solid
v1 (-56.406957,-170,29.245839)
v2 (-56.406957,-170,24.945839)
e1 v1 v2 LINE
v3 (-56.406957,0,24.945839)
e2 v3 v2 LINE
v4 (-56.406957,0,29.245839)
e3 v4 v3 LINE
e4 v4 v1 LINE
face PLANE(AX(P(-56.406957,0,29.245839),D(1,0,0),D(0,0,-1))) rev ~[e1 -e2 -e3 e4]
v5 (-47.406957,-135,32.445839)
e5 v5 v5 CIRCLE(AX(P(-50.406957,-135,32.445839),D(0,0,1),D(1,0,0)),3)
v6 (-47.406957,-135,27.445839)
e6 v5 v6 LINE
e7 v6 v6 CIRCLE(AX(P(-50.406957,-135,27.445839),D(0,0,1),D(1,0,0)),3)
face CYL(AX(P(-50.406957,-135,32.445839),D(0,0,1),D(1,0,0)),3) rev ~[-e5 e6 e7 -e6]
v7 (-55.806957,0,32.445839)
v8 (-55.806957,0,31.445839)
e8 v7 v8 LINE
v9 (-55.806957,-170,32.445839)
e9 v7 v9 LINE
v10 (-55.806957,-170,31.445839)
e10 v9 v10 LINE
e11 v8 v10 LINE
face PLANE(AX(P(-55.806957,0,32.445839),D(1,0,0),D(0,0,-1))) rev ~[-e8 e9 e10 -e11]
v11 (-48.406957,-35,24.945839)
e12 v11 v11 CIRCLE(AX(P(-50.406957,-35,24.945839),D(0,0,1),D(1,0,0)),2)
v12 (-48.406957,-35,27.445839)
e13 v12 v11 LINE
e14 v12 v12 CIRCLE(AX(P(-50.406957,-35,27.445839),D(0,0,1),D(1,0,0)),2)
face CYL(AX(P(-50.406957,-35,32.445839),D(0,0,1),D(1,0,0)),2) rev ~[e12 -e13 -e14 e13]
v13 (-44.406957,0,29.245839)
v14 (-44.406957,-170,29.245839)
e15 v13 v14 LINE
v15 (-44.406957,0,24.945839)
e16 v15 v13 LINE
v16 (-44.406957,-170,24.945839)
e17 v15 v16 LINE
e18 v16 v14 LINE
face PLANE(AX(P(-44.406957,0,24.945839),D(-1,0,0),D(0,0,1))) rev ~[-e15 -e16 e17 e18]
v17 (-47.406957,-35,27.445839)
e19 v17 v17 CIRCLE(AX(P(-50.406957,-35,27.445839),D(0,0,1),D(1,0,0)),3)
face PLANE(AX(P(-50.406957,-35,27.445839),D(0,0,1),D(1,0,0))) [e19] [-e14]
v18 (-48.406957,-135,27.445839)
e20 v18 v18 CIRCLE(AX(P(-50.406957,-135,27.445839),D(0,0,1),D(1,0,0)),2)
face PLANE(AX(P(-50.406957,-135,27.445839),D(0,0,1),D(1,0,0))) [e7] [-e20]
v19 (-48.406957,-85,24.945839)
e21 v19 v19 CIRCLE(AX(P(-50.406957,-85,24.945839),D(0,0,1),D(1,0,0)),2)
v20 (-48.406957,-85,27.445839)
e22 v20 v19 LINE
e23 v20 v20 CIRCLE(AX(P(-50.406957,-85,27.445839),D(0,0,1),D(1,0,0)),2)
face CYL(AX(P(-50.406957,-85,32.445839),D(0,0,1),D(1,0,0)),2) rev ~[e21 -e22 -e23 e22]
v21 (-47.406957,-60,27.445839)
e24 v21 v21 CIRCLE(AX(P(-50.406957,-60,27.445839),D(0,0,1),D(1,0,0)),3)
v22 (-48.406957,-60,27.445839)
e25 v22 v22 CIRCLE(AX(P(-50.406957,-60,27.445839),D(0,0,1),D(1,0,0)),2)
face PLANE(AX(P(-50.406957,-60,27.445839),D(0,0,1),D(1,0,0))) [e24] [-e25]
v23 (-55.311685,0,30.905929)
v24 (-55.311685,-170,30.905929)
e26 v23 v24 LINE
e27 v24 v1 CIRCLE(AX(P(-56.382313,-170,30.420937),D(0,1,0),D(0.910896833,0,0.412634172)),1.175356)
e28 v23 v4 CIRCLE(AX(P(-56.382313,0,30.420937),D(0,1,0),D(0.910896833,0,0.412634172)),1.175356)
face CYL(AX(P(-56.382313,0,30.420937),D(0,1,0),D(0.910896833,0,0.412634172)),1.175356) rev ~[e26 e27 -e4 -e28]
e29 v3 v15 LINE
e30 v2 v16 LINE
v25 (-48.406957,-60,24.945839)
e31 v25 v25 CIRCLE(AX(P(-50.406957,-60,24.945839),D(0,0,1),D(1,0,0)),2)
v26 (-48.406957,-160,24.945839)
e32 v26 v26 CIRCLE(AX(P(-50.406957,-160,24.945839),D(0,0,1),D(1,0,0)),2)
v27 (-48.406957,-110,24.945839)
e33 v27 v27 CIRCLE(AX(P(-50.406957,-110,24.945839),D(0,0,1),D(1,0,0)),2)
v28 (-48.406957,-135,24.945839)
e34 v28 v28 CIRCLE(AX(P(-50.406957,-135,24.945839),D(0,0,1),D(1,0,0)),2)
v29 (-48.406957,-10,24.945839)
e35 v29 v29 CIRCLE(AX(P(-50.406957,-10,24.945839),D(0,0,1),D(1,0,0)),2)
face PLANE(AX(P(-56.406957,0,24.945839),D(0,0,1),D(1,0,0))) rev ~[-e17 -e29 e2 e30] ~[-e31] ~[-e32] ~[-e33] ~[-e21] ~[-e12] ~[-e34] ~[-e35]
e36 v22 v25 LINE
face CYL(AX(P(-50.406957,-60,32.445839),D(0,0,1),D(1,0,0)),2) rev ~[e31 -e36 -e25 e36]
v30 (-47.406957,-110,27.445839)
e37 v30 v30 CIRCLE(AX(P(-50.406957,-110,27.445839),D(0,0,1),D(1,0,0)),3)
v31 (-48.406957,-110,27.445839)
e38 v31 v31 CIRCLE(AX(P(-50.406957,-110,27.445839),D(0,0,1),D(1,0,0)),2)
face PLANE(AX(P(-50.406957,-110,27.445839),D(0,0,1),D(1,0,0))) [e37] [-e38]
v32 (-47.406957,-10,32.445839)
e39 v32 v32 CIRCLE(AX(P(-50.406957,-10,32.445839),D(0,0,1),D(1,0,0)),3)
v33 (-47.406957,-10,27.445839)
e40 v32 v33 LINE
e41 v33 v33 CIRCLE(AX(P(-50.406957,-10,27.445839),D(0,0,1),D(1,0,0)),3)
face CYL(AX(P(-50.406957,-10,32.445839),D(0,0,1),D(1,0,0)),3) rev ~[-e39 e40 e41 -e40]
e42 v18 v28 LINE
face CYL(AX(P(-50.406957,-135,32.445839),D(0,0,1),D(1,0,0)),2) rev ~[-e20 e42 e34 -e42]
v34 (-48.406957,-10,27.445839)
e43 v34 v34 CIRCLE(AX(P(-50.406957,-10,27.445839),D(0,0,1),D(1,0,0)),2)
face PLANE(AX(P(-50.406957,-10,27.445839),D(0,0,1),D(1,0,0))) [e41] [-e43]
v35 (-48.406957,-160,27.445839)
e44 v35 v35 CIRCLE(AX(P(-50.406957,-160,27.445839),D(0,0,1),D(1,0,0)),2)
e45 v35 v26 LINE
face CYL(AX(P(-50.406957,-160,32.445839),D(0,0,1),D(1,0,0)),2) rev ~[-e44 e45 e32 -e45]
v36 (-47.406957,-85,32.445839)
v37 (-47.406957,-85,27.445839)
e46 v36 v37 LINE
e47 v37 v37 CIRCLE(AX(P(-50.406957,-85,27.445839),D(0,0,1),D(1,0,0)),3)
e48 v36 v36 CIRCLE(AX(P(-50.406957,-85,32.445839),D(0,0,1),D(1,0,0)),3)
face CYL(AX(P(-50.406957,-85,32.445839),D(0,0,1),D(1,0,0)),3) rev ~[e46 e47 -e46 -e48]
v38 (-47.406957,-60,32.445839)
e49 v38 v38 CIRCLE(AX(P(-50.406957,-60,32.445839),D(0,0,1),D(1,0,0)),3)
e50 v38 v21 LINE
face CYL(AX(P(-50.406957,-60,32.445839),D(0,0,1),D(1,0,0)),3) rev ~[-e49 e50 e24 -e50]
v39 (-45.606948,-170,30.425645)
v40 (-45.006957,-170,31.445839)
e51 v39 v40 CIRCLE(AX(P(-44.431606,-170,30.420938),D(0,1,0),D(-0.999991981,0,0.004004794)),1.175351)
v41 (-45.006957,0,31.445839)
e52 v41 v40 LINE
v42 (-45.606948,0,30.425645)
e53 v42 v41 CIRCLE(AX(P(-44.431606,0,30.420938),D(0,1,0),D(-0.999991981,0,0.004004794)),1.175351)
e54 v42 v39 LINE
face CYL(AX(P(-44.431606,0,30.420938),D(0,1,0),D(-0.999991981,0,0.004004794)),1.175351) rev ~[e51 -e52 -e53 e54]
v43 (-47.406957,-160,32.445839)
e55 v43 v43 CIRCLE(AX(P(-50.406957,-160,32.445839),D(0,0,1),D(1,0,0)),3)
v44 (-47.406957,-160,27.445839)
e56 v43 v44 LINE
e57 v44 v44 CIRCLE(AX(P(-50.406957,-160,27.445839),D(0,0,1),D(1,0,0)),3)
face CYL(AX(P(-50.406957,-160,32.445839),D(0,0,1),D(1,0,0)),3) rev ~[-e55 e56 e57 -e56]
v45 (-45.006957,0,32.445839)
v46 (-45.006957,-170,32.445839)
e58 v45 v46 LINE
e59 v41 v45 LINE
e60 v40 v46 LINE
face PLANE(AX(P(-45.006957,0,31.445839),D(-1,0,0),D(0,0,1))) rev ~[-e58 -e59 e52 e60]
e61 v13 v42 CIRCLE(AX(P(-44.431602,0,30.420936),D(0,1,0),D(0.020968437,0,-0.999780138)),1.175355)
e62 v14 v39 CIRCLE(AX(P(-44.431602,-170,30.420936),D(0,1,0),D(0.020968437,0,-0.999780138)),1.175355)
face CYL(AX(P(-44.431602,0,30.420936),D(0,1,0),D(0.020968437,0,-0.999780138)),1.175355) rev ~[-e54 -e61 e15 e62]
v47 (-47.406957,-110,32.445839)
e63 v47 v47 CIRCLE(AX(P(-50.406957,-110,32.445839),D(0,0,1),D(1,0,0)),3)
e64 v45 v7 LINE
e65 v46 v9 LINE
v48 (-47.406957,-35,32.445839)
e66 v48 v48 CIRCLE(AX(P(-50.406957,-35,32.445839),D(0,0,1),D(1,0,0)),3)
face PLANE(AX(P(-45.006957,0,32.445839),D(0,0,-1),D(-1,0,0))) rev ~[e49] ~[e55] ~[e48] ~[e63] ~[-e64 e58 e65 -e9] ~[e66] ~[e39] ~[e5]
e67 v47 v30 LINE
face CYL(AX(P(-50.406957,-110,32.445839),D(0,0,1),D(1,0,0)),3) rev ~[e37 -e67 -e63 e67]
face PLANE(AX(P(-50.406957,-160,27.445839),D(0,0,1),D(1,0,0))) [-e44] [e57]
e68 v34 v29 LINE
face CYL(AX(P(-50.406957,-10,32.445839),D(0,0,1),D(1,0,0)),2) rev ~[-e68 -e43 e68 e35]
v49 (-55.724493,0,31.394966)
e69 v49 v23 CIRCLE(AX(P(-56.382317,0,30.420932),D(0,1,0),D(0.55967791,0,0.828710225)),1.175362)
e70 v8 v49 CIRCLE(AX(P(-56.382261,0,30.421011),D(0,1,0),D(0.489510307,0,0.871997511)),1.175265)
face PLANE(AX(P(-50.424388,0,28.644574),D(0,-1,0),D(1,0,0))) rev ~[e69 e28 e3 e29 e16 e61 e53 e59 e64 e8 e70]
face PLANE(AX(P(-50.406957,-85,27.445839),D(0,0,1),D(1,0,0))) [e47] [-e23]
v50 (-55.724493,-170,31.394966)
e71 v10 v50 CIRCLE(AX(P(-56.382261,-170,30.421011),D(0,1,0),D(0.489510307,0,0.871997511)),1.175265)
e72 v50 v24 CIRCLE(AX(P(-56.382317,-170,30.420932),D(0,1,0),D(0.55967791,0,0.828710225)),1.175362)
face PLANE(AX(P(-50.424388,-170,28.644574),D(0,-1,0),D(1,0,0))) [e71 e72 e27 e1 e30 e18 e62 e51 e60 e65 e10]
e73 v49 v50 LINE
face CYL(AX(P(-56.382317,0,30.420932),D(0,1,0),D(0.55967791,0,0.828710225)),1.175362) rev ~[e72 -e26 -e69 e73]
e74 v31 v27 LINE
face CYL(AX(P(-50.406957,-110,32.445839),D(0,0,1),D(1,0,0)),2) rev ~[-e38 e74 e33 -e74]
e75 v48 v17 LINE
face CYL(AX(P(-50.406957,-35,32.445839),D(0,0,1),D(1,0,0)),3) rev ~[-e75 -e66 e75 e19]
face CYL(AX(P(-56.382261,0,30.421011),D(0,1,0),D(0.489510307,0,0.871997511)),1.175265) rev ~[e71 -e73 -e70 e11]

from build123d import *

# Parameters (mm, degrees)
F1_DEPTH = 170
F2_R     = 3
F2_R_2   = 2
F3_DEPTH = 5
F4_DEPTH = 7.501


with BuildPart() as f1:
    # F0 (on Front) → F1 (new body)
    with BuildSketch(Plane.XZ):
        with BuildLine():
            Line((-45.006957, 32.445839), (-55.806957, 32.445839))
            Line((-55.806957, 32.445839), (-55.806957, 31.445839))
            ThreePointArc((-55.806957, 31.445839), (-55.765201, 31.421253), (-55.724493, 31.394966))
            Line((-55.724493, 31.394966), (-55.206957, 31.075689))
            Line((-55.206957, 31.075689), (-55.311685, 30.905929))
            ThreePointArc((-55.311685, 30.905929), (-55.401245, 29.77366), (-56.406957, 29.245839))
            Line((-56.406957, 29.245839), (-56.406957, 24.945839))
            Line((-56.406957, 24.945839), (-44.406957, 24.945839))
            Line((-44.406957, 24.945839), (-44.406957, 29.245839))
            ThreePointArc((-44.406957, 29.245839), (-45.255625, 29.582815), (-45.606948, 30.425645))
            ThreePointArc((-45.606948, 30.425645), (-45.444735, 31.016774), (-45.006957, 31.445839))
            Line((-45.006957, 31.445839), (-45.006957, 32.445839))
        make_face()
        with BuildLine():
            ThreePointArc((-55.724493, 31.394966), (-55.484164, 31.179085), (-55.311685, 30.905929))
            Line((-55.311685, 30.905929), (-55.206957, 31.075689))
            Line((-55.206957, 31.075689), (-55.724493, 31.394966))
        make_face()
    extrude(amount=F1_DEPTH)

    # F2 (on face) → F3 (cut)
    with BuildSketch(Plane.XY.offset(32.445839)):
        with Locations((-50.406957, -160)):
            Circle(F2_R)
        with Locations((-50.406957, -160)):
            Circle(F2_R_2, mode=Mode.SUBTRACT)
        with Locations((-50.406957, -135)):
            Circle(F2_R)
        with Locations((-50.406957, -135)):
            Circle(F2_R_2, mode=Mode.SUBTRACT)
        with Locations((-50.406957, -110)):
            Circle(F2_R)
        with Locations((-50.406957, -110)):
            Circle(F2_R_2, mode=Mode.SUBTRACT)
        with Locations((-50.406957, -85)):
            Circle(F2_R)
        with Locations((-50.406957, -85)):
            Circle(F2_R_2, mode=Mode.SUBTRACT)
        with Locations((-50.406957, -60)):
            Circle(F2_R)
        with Locations((-50.406957, -60)):
            Circle(F2_R_2, mode=Mode.SUBTRACT)
        with Locations((-50.406957, -35)):
            Circle(F2_R)
        with Locations((-50.406957, -35)):
            Circle(F2_R_2, mode=Mode.SUBTRACT)
        with Locations((-50.406957, -10)):
            Circle(F2_R)
        with Locations((-50.406957, -10)):
            Circle(F2_R_2, mode=Mode.SUBTRACT)
    extrude(amount=-F3_DEPTH, mode=Mode.SUBTRACT)

    # F2 (on face) → F4 (cut, through all)
    with BuildSketch(Plane.XY.offset(32.445839)):
        with Locations((-50.406957, -160)):
            Circle(F2_R_2)
        with Locations((-50.406957, -135)):
            Circle(F2_R_2)
        with Locations((-50.406957, -110)):
            Circle(F2_R_2)
        with Locations((-50.406957, -85)):
            Circle(F2_R_2)
        with Locations((-50.406957, -60)):
            Circle(F2_R_2)
        with Locations((-50.406957, -35)):
            Circle(F2_R_2)
        with Locations((-50.406957, -10)):
            Circle(F2_R_2)
    extrude(amount=-F4_DEPTH, mode=Mode.SUBTRACT)


solid = f1.part
